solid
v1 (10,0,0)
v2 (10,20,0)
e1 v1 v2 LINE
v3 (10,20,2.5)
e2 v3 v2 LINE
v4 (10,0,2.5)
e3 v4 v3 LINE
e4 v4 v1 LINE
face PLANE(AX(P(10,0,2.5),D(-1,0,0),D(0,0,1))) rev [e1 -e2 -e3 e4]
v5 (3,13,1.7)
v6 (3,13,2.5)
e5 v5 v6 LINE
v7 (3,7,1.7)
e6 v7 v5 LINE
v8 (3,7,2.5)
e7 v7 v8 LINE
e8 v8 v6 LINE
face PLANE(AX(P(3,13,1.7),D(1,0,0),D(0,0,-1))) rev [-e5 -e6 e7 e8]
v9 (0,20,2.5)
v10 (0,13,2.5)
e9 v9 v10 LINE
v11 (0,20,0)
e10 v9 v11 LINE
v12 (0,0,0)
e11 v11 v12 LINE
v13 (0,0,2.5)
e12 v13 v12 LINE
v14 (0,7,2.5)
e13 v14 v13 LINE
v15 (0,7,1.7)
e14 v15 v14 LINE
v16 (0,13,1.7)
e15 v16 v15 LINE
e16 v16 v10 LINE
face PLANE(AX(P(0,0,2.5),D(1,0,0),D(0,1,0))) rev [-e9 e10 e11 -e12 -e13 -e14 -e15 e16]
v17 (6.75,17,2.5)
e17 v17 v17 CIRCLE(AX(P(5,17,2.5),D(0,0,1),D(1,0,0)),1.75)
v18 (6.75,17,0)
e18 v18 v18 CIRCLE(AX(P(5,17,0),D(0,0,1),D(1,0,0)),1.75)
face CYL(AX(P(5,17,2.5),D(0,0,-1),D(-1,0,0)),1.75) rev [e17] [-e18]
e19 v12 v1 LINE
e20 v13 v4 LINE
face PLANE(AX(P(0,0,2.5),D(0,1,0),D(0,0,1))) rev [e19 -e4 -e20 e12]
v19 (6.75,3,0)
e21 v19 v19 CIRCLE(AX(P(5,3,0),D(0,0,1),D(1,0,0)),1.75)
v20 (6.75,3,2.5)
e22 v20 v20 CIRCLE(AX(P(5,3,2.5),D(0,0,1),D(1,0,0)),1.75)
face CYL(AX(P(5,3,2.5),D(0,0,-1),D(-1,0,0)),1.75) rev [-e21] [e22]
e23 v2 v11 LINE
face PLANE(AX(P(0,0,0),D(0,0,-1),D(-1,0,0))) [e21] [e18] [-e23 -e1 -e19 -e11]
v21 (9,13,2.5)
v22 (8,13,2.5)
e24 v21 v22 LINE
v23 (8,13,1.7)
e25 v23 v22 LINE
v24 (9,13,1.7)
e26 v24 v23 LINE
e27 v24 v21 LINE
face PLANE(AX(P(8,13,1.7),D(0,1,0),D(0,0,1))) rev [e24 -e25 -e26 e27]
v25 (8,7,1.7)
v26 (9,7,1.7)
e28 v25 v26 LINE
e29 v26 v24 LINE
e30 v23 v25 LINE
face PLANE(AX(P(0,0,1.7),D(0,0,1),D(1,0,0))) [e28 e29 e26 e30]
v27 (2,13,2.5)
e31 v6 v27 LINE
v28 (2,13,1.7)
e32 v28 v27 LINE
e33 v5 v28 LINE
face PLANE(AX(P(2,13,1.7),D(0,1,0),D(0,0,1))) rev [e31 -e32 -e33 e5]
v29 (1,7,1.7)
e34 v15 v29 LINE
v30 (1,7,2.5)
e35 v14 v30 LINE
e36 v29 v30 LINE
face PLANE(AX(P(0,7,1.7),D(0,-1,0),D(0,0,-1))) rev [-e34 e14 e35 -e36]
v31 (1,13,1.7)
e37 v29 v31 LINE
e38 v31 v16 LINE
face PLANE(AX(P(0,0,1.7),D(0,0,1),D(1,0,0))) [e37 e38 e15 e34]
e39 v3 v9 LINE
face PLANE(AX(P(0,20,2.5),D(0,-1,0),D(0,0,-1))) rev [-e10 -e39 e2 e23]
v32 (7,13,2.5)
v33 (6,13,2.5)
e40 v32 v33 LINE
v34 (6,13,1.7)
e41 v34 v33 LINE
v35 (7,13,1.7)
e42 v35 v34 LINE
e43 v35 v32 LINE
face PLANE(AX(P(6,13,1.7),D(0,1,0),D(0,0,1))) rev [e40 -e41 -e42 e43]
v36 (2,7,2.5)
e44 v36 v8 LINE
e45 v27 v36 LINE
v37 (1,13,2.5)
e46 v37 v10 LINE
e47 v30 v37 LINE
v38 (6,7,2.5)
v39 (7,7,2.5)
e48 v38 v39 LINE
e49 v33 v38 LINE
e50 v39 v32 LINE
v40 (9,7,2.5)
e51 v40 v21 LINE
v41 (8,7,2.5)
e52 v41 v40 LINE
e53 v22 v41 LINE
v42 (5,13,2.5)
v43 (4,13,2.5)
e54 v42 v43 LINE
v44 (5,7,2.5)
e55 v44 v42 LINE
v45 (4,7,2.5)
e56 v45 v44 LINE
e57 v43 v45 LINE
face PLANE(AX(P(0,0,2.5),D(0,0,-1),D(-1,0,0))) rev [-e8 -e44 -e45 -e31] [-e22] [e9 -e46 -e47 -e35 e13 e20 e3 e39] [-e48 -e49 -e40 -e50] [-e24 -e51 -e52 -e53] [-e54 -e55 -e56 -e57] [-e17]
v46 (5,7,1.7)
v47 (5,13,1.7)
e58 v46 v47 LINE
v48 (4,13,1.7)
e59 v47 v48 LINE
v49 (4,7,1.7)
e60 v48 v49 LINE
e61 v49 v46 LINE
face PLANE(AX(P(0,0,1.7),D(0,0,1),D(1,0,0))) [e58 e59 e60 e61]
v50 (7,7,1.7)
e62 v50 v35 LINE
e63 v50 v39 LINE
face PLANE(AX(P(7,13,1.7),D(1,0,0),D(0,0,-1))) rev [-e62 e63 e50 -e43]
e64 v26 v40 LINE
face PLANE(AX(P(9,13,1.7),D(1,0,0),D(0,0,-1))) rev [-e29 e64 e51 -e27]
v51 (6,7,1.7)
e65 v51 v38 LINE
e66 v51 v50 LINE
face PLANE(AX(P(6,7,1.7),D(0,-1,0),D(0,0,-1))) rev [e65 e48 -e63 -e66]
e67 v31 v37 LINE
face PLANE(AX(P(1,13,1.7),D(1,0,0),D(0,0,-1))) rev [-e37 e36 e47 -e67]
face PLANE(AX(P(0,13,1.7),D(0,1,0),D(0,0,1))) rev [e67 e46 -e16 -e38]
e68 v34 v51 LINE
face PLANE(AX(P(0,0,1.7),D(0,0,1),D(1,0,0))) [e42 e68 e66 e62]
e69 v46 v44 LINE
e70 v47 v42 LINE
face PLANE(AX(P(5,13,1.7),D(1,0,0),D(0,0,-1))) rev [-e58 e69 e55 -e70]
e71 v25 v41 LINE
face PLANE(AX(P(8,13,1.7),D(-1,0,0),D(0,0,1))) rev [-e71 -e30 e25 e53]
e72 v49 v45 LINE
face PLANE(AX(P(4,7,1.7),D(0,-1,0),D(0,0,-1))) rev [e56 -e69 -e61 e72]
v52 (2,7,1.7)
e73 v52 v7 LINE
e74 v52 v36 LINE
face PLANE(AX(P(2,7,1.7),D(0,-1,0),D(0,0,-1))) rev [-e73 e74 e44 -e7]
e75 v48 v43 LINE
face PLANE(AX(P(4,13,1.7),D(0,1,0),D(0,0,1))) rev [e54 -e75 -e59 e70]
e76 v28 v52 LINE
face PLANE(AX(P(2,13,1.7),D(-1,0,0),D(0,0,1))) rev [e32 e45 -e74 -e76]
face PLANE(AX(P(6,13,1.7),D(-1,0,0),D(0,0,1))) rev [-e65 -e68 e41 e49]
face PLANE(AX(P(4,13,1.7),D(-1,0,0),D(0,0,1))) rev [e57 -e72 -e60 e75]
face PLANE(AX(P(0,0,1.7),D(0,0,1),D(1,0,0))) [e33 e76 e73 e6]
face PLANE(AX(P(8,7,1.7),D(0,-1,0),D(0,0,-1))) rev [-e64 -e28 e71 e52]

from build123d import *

# Parameters (mm, degrees)
SKETCH_1_W          = 10
SKETCH_1_H          = 20
SKETCH_1_R          = 1.75
EXTRUDE_1_DEPTH     = 2.5
SKETCH_2_W          = 1
SKETCH_2_H          = 6
CUT_EXTRUDE_1_DEPTH = 0.8


with BuildPart() as part:
    # Эскиз1 → Бобышка-Вытянуть1 (new body)
    with BuildSketch(Plane.XY):
        with Locations((5, 10)):
            Rectangle(SKETCH_1_W, SKETCH_1_H)
        with Locations((5, 17)):
            Circle(SKETCH_1_R, mode=Mode.SUBTRACT)
        with Locations((5, 3)):
            Circle(SKETCH_1_R, mode=Mode.SUBTRACT)
    extrude(amount=EXTRUDE_1_DEPTH)

    # Эскиз2 → Вырез-Вытянуть1 (cut)
    with BuildSketch(Plane.XY.offset(2.5)):
        with Locations((0.5, 10)):
            Rectangle(SKETCH_2_W, SKETCH_2_H)
        with Locations((2.5, 10)):
            Rectangle(SKETCH_2_W, SKETCH_2_H)
        with Locations((4.5, 10)):
            Rectangle(SKETCH_2_W, SKETCH_2_H)
        with Locations((6.5, 10)):
            Rectangle(SKETCH_2_W, SKETCH_2_H)
        with Locations((8.5, 10)):
            Rectangle(SKETCH_2_W, SKETCH_2_H)
    extrude(amount=-CUT_EXTRUDE_1_DEPTH, mode=Mode.SUBTRACT)


solid = part.part
